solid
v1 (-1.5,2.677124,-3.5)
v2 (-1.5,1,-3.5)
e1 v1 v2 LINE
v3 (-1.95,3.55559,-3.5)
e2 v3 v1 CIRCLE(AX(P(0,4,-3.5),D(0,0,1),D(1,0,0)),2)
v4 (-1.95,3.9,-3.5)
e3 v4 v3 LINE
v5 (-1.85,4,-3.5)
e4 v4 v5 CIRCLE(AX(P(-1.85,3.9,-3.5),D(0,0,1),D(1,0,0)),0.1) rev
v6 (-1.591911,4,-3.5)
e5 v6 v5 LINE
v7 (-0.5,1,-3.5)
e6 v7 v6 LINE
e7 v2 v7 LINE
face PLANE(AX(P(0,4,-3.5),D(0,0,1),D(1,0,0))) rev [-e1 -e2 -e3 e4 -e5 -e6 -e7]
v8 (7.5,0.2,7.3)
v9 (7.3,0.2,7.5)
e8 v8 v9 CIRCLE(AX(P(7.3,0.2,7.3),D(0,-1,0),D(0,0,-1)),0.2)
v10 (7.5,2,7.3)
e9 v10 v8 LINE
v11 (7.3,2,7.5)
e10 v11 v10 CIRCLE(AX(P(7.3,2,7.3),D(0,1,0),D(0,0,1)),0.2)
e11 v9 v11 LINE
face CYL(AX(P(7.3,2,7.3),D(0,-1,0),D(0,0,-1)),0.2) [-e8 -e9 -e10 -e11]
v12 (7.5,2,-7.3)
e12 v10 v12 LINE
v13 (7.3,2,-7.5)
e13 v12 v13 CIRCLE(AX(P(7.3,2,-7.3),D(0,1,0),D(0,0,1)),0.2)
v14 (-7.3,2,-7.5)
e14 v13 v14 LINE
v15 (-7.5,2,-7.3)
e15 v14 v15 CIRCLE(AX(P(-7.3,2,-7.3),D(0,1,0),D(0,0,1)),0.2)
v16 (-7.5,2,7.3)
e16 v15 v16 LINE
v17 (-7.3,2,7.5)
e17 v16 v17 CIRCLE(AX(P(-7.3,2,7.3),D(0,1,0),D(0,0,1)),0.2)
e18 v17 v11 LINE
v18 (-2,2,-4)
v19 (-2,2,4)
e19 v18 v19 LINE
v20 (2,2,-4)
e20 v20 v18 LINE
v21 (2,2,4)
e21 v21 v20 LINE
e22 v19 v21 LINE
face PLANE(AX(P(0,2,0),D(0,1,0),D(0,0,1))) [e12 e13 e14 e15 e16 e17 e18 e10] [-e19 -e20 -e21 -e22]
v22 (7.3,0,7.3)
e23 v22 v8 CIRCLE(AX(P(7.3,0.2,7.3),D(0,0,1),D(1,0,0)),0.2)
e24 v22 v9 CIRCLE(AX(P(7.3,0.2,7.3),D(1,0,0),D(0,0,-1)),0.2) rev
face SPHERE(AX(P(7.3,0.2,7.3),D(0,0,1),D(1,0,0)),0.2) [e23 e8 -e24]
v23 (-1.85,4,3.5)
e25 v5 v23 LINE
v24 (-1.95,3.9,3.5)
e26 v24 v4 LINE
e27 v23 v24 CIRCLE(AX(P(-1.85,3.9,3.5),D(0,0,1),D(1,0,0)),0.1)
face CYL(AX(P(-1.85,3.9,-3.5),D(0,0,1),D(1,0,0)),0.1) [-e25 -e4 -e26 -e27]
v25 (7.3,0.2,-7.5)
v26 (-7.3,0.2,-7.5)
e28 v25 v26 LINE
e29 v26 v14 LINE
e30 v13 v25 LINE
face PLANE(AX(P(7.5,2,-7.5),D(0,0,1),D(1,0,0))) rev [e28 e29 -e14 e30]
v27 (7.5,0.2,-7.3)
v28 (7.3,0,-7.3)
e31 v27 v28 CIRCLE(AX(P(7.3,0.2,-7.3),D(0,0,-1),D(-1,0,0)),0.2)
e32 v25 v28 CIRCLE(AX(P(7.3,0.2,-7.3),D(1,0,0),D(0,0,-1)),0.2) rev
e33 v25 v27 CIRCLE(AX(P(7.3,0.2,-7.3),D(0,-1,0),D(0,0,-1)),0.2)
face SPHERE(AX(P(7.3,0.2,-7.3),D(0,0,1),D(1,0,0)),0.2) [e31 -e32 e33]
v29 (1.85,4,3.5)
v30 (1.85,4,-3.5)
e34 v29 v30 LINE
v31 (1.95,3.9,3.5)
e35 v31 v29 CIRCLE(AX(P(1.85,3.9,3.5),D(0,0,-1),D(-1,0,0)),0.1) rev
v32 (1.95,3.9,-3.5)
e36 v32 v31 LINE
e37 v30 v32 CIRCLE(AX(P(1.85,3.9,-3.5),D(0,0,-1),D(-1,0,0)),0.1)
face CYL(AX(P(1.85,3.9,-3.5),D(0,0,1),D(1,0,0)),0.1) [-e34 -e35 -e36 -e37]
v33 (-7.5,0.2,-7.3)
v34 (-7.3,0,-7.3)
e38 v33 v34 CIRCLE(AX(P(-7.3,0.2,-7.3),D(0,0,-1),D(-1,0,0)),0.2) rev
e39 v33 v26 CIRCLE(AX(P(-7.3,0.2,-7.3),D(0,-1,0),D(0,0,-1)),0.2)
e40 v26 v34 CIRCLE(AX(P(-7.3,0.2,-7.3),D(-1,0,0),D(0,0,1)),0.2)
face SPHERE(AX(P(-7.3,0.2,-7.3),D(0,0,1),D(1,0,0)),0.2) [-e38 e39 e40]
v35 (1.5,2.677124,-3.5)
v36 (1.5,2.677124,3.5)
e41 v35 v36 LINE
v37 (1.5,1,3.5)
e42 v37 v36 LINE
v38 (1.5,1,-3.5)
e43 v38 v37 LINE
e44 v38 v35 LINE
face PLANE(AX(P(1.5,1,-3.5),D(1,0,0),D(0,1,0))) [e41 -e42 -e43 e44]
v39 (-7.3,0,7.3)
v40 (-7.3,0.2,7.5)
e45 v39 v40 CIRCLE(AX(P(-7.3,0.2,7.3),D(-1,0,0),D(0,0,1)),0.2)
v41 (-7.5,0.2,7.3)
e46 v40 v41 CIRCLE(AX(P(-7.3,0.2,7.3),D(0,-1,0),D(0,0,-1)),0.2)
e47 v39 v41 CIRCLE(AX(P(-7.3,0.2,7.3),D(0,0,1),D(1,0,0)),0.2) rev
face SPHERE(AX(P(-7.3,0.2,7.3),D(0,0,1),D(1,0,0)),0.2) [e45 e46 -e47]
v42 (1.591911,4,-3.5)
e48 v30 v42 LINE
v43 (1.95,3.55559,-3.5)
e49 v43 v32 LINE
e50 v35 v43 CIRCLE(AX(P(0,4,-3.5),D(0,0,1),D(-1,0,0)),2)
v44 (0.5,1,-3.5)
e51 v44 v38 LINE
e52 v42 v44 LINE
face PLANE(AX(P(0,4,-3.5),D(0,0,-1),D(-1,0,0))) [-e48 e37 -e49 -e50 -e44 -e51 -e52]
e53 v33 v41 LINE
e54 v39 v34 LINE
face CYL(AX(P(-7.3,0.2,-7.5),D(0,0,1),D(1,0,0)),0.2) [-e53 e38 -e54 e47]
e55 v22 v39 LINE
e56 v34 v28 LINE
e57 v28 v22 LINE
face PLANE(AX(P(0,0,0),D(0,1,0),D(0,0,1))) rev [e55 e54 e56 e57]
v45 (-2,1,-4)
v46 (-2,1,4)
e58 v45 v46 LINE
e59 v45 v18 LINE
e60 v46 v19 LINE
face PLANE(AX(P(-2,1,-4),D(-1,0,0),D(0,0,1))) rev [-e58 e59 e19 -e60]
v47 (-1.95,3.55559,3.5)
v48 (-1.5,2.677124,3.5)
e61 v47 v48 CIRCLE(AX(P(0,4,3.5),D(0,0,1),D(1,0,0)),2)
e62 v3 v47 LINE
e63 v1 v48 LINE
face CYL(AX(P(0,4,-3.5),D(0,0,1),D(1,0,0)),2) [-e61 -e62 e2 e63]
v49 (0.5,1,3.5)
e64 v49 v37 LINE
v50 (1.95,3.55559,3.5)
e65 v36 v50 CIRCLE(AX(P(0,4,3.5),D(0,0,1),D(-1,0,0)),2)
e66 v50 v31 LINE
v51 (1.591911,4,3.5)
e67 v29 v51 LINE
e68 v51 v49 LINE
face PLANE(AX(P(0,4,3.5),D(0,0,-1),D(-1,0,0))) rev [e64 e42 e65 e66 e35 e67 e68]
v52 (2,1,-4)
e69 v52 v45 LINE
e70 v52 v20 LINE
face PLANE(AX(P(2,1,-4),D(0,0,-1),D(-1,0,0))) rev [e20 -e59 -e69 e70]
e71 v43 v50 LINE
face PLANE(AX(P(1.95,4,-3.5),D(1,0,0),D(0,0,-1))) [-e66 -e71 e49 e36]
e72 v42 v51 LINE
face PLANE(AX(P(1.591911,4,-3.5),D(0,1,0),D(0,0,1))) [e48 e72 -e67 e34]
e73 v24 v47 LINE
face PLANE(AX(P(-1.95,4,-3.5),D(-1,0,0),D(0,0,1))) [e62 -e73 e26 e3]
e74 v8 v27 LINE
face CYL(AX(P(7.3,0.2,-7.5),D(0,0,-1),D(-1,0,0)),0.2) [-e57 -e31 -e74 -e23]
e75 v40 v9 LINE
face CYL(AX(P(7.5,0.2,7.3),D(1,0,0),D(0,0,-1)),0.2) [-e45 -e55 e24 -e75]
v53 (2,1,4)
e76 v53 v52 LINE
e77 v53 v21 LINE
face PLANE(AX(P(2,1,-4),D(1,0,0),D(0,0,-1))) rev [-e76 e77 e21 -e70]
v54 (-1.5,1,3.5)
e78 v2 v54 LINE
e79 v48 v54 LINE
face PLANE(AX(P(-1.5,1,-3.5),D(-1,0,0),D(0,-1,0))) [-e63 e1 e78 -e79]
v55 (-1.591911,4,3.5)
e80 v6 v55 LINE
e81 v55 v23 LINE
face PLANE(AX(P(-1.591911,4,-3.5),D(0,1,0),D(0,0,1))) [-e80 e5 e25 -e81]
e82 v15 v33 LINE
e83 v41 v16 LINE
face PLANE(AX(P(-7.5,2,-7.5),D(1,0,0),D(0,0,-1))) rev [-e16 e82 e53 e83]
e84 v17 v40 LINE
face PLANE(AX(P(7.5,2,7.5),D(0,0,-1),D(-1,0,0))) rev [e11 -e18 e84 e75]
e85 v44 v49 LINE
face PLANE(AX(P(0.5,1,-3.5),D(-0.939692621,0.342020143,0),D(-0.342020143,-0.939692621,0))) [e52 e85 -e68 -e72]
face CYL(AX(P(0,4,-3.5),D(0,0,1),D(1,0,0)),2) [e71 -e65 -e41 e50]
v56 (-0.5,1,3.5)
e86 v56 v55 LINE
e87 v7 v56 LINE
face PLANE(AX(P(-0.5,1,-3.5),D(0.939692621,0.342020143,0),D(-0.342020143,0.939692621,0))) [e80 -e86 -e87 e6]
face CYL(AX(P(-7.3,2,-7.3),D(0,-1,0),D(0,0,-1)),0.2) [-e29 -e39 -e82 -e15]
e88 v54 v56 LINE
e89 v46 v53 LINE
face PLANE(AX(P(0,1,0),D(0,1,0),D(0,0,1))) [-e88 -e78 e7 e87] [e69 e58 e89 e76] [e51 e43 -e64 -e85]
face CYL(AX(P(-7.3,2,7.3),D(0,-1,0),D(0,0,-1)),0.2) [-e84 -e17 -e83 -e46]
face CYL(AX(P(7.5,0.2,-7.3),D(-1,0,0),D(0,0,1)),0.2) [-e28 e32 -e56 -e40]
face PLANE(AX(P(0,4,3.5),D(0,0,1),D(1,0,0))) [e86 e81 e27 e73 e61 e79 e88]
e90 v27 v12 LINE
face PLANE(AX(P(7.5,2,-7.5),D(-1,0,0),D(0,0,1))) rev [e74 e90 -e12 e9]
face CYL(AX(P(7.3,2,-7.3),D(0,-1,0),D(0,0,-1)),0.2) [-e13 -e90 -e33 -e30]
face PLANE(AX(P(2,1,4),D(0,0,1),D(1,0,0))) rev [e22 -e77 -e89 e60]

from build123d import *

# Parameters (mm, degrees)
SKETCH_1_W           = 15
SKETCH_1_H           = 15
EXTRUDE_1_DEPTH      = 2
SKETCH_2_W           = 4
SKETCH_2_H           = 8
CUT_EXTRUDE_1_DEPTH  = 1
EXTRUDE_2_DEPTH      = 3.5
EXTRUDE_2_DEPTH_BACK = 3.5
FILLET_1_R           = 0.1
FILLET_2_R           = 0.2


with BuildPart() as part:
    # 草图1 → 凸台-拉伸1 (new body)
    with BuildSketch(Plane(origin=(0, 0, 0), x_dir=(1, 0, 0), z_dir=(0, 1, 0))):
        Rectangle(SKETCH_1_W, SKETCH_1_H)
    extrude(amount=EXTRUDE_1_DEPTH)

    # 草图2 → 切除-拉伸1 (cut)
    with BuildSketch(Plane(origin=(0, 2, 0), x_dir=(1, 0, 0), z_dir=(0, 1, 0))):
        Rectangle(SKETCH_2_W, SKETCH_2_H)
    extrude(amount=-CUT_EXTRUDE_1_DEPTH, mode=Mode.SUBTRACT)

    # 草图3 → 凸台-拉伸2 (add, two sides: drawn at the far end of the back side and taken through both)
    with BuildSketch(Plane.XY.offset(-EXTRUDE_2_DEPTH_BACK)):
        with BuildLine():
            Line((-0.5, 1), (-1.5, 1))
            Line((-1.5, 1), (-1.5, 2.677124344))
            ThreePointArc((-1.5, 2.677124344), (-1.780042303, 3.088161527), (-1.95, 3.555590279))
            Line((-1.95, 3.555590279), (-1.95, 4))
            Line((-1.95, 4), (-1.591910703, 4))
            Line((-1.591910703, 4), (-0.5, 1))
        make_face()
        with BuildLine():
            Line((1.591910703, 4), (1.95, 4))
            Line((1.95, 4), (1.95, 3.555590279))
            ThreePointArc((1.95, 3.555590279), (1.780042303, 3.088161527), (1.5, 2.677124344))
            Line((1.5, 2.677124344), (1.5, 1))
            Line((1.5, 1), (0.5, 1))
            Line((0.5, 1), (1.591910703, 4))
        make_face()
    extrude(amount=EXTRUDE_2_DEPTH + EXTRUDE_2_DEPTH_BACK)

    # 圆角1
    fillet_1_edges = [part.edges().sort_by_distance(p)[0] for p in [
        (-1.95, 4, 0),
        (1.95, 4, 0),
    ]]
    fillet(fillet_1_edges, radius=FILLET_1_R)

    # 圆角2
    fillet_2_edges = [part.edges().sort_by_distance(p)[0] for p in [
        (7.5, 0, 0),
        (0, 0, 7.5),
        (-7.5, 0, 0),
        (0, 0, -7.5),
        (7.5, 1, -7.5),
        (7.5, 1, 7.5),
        (-7.5, 1, 7.5),
        (-7.5, 1, -7.5),
    ]]
    fillet(fillet_2_edges, radius=FILLET_2_R)


solid = part.part
